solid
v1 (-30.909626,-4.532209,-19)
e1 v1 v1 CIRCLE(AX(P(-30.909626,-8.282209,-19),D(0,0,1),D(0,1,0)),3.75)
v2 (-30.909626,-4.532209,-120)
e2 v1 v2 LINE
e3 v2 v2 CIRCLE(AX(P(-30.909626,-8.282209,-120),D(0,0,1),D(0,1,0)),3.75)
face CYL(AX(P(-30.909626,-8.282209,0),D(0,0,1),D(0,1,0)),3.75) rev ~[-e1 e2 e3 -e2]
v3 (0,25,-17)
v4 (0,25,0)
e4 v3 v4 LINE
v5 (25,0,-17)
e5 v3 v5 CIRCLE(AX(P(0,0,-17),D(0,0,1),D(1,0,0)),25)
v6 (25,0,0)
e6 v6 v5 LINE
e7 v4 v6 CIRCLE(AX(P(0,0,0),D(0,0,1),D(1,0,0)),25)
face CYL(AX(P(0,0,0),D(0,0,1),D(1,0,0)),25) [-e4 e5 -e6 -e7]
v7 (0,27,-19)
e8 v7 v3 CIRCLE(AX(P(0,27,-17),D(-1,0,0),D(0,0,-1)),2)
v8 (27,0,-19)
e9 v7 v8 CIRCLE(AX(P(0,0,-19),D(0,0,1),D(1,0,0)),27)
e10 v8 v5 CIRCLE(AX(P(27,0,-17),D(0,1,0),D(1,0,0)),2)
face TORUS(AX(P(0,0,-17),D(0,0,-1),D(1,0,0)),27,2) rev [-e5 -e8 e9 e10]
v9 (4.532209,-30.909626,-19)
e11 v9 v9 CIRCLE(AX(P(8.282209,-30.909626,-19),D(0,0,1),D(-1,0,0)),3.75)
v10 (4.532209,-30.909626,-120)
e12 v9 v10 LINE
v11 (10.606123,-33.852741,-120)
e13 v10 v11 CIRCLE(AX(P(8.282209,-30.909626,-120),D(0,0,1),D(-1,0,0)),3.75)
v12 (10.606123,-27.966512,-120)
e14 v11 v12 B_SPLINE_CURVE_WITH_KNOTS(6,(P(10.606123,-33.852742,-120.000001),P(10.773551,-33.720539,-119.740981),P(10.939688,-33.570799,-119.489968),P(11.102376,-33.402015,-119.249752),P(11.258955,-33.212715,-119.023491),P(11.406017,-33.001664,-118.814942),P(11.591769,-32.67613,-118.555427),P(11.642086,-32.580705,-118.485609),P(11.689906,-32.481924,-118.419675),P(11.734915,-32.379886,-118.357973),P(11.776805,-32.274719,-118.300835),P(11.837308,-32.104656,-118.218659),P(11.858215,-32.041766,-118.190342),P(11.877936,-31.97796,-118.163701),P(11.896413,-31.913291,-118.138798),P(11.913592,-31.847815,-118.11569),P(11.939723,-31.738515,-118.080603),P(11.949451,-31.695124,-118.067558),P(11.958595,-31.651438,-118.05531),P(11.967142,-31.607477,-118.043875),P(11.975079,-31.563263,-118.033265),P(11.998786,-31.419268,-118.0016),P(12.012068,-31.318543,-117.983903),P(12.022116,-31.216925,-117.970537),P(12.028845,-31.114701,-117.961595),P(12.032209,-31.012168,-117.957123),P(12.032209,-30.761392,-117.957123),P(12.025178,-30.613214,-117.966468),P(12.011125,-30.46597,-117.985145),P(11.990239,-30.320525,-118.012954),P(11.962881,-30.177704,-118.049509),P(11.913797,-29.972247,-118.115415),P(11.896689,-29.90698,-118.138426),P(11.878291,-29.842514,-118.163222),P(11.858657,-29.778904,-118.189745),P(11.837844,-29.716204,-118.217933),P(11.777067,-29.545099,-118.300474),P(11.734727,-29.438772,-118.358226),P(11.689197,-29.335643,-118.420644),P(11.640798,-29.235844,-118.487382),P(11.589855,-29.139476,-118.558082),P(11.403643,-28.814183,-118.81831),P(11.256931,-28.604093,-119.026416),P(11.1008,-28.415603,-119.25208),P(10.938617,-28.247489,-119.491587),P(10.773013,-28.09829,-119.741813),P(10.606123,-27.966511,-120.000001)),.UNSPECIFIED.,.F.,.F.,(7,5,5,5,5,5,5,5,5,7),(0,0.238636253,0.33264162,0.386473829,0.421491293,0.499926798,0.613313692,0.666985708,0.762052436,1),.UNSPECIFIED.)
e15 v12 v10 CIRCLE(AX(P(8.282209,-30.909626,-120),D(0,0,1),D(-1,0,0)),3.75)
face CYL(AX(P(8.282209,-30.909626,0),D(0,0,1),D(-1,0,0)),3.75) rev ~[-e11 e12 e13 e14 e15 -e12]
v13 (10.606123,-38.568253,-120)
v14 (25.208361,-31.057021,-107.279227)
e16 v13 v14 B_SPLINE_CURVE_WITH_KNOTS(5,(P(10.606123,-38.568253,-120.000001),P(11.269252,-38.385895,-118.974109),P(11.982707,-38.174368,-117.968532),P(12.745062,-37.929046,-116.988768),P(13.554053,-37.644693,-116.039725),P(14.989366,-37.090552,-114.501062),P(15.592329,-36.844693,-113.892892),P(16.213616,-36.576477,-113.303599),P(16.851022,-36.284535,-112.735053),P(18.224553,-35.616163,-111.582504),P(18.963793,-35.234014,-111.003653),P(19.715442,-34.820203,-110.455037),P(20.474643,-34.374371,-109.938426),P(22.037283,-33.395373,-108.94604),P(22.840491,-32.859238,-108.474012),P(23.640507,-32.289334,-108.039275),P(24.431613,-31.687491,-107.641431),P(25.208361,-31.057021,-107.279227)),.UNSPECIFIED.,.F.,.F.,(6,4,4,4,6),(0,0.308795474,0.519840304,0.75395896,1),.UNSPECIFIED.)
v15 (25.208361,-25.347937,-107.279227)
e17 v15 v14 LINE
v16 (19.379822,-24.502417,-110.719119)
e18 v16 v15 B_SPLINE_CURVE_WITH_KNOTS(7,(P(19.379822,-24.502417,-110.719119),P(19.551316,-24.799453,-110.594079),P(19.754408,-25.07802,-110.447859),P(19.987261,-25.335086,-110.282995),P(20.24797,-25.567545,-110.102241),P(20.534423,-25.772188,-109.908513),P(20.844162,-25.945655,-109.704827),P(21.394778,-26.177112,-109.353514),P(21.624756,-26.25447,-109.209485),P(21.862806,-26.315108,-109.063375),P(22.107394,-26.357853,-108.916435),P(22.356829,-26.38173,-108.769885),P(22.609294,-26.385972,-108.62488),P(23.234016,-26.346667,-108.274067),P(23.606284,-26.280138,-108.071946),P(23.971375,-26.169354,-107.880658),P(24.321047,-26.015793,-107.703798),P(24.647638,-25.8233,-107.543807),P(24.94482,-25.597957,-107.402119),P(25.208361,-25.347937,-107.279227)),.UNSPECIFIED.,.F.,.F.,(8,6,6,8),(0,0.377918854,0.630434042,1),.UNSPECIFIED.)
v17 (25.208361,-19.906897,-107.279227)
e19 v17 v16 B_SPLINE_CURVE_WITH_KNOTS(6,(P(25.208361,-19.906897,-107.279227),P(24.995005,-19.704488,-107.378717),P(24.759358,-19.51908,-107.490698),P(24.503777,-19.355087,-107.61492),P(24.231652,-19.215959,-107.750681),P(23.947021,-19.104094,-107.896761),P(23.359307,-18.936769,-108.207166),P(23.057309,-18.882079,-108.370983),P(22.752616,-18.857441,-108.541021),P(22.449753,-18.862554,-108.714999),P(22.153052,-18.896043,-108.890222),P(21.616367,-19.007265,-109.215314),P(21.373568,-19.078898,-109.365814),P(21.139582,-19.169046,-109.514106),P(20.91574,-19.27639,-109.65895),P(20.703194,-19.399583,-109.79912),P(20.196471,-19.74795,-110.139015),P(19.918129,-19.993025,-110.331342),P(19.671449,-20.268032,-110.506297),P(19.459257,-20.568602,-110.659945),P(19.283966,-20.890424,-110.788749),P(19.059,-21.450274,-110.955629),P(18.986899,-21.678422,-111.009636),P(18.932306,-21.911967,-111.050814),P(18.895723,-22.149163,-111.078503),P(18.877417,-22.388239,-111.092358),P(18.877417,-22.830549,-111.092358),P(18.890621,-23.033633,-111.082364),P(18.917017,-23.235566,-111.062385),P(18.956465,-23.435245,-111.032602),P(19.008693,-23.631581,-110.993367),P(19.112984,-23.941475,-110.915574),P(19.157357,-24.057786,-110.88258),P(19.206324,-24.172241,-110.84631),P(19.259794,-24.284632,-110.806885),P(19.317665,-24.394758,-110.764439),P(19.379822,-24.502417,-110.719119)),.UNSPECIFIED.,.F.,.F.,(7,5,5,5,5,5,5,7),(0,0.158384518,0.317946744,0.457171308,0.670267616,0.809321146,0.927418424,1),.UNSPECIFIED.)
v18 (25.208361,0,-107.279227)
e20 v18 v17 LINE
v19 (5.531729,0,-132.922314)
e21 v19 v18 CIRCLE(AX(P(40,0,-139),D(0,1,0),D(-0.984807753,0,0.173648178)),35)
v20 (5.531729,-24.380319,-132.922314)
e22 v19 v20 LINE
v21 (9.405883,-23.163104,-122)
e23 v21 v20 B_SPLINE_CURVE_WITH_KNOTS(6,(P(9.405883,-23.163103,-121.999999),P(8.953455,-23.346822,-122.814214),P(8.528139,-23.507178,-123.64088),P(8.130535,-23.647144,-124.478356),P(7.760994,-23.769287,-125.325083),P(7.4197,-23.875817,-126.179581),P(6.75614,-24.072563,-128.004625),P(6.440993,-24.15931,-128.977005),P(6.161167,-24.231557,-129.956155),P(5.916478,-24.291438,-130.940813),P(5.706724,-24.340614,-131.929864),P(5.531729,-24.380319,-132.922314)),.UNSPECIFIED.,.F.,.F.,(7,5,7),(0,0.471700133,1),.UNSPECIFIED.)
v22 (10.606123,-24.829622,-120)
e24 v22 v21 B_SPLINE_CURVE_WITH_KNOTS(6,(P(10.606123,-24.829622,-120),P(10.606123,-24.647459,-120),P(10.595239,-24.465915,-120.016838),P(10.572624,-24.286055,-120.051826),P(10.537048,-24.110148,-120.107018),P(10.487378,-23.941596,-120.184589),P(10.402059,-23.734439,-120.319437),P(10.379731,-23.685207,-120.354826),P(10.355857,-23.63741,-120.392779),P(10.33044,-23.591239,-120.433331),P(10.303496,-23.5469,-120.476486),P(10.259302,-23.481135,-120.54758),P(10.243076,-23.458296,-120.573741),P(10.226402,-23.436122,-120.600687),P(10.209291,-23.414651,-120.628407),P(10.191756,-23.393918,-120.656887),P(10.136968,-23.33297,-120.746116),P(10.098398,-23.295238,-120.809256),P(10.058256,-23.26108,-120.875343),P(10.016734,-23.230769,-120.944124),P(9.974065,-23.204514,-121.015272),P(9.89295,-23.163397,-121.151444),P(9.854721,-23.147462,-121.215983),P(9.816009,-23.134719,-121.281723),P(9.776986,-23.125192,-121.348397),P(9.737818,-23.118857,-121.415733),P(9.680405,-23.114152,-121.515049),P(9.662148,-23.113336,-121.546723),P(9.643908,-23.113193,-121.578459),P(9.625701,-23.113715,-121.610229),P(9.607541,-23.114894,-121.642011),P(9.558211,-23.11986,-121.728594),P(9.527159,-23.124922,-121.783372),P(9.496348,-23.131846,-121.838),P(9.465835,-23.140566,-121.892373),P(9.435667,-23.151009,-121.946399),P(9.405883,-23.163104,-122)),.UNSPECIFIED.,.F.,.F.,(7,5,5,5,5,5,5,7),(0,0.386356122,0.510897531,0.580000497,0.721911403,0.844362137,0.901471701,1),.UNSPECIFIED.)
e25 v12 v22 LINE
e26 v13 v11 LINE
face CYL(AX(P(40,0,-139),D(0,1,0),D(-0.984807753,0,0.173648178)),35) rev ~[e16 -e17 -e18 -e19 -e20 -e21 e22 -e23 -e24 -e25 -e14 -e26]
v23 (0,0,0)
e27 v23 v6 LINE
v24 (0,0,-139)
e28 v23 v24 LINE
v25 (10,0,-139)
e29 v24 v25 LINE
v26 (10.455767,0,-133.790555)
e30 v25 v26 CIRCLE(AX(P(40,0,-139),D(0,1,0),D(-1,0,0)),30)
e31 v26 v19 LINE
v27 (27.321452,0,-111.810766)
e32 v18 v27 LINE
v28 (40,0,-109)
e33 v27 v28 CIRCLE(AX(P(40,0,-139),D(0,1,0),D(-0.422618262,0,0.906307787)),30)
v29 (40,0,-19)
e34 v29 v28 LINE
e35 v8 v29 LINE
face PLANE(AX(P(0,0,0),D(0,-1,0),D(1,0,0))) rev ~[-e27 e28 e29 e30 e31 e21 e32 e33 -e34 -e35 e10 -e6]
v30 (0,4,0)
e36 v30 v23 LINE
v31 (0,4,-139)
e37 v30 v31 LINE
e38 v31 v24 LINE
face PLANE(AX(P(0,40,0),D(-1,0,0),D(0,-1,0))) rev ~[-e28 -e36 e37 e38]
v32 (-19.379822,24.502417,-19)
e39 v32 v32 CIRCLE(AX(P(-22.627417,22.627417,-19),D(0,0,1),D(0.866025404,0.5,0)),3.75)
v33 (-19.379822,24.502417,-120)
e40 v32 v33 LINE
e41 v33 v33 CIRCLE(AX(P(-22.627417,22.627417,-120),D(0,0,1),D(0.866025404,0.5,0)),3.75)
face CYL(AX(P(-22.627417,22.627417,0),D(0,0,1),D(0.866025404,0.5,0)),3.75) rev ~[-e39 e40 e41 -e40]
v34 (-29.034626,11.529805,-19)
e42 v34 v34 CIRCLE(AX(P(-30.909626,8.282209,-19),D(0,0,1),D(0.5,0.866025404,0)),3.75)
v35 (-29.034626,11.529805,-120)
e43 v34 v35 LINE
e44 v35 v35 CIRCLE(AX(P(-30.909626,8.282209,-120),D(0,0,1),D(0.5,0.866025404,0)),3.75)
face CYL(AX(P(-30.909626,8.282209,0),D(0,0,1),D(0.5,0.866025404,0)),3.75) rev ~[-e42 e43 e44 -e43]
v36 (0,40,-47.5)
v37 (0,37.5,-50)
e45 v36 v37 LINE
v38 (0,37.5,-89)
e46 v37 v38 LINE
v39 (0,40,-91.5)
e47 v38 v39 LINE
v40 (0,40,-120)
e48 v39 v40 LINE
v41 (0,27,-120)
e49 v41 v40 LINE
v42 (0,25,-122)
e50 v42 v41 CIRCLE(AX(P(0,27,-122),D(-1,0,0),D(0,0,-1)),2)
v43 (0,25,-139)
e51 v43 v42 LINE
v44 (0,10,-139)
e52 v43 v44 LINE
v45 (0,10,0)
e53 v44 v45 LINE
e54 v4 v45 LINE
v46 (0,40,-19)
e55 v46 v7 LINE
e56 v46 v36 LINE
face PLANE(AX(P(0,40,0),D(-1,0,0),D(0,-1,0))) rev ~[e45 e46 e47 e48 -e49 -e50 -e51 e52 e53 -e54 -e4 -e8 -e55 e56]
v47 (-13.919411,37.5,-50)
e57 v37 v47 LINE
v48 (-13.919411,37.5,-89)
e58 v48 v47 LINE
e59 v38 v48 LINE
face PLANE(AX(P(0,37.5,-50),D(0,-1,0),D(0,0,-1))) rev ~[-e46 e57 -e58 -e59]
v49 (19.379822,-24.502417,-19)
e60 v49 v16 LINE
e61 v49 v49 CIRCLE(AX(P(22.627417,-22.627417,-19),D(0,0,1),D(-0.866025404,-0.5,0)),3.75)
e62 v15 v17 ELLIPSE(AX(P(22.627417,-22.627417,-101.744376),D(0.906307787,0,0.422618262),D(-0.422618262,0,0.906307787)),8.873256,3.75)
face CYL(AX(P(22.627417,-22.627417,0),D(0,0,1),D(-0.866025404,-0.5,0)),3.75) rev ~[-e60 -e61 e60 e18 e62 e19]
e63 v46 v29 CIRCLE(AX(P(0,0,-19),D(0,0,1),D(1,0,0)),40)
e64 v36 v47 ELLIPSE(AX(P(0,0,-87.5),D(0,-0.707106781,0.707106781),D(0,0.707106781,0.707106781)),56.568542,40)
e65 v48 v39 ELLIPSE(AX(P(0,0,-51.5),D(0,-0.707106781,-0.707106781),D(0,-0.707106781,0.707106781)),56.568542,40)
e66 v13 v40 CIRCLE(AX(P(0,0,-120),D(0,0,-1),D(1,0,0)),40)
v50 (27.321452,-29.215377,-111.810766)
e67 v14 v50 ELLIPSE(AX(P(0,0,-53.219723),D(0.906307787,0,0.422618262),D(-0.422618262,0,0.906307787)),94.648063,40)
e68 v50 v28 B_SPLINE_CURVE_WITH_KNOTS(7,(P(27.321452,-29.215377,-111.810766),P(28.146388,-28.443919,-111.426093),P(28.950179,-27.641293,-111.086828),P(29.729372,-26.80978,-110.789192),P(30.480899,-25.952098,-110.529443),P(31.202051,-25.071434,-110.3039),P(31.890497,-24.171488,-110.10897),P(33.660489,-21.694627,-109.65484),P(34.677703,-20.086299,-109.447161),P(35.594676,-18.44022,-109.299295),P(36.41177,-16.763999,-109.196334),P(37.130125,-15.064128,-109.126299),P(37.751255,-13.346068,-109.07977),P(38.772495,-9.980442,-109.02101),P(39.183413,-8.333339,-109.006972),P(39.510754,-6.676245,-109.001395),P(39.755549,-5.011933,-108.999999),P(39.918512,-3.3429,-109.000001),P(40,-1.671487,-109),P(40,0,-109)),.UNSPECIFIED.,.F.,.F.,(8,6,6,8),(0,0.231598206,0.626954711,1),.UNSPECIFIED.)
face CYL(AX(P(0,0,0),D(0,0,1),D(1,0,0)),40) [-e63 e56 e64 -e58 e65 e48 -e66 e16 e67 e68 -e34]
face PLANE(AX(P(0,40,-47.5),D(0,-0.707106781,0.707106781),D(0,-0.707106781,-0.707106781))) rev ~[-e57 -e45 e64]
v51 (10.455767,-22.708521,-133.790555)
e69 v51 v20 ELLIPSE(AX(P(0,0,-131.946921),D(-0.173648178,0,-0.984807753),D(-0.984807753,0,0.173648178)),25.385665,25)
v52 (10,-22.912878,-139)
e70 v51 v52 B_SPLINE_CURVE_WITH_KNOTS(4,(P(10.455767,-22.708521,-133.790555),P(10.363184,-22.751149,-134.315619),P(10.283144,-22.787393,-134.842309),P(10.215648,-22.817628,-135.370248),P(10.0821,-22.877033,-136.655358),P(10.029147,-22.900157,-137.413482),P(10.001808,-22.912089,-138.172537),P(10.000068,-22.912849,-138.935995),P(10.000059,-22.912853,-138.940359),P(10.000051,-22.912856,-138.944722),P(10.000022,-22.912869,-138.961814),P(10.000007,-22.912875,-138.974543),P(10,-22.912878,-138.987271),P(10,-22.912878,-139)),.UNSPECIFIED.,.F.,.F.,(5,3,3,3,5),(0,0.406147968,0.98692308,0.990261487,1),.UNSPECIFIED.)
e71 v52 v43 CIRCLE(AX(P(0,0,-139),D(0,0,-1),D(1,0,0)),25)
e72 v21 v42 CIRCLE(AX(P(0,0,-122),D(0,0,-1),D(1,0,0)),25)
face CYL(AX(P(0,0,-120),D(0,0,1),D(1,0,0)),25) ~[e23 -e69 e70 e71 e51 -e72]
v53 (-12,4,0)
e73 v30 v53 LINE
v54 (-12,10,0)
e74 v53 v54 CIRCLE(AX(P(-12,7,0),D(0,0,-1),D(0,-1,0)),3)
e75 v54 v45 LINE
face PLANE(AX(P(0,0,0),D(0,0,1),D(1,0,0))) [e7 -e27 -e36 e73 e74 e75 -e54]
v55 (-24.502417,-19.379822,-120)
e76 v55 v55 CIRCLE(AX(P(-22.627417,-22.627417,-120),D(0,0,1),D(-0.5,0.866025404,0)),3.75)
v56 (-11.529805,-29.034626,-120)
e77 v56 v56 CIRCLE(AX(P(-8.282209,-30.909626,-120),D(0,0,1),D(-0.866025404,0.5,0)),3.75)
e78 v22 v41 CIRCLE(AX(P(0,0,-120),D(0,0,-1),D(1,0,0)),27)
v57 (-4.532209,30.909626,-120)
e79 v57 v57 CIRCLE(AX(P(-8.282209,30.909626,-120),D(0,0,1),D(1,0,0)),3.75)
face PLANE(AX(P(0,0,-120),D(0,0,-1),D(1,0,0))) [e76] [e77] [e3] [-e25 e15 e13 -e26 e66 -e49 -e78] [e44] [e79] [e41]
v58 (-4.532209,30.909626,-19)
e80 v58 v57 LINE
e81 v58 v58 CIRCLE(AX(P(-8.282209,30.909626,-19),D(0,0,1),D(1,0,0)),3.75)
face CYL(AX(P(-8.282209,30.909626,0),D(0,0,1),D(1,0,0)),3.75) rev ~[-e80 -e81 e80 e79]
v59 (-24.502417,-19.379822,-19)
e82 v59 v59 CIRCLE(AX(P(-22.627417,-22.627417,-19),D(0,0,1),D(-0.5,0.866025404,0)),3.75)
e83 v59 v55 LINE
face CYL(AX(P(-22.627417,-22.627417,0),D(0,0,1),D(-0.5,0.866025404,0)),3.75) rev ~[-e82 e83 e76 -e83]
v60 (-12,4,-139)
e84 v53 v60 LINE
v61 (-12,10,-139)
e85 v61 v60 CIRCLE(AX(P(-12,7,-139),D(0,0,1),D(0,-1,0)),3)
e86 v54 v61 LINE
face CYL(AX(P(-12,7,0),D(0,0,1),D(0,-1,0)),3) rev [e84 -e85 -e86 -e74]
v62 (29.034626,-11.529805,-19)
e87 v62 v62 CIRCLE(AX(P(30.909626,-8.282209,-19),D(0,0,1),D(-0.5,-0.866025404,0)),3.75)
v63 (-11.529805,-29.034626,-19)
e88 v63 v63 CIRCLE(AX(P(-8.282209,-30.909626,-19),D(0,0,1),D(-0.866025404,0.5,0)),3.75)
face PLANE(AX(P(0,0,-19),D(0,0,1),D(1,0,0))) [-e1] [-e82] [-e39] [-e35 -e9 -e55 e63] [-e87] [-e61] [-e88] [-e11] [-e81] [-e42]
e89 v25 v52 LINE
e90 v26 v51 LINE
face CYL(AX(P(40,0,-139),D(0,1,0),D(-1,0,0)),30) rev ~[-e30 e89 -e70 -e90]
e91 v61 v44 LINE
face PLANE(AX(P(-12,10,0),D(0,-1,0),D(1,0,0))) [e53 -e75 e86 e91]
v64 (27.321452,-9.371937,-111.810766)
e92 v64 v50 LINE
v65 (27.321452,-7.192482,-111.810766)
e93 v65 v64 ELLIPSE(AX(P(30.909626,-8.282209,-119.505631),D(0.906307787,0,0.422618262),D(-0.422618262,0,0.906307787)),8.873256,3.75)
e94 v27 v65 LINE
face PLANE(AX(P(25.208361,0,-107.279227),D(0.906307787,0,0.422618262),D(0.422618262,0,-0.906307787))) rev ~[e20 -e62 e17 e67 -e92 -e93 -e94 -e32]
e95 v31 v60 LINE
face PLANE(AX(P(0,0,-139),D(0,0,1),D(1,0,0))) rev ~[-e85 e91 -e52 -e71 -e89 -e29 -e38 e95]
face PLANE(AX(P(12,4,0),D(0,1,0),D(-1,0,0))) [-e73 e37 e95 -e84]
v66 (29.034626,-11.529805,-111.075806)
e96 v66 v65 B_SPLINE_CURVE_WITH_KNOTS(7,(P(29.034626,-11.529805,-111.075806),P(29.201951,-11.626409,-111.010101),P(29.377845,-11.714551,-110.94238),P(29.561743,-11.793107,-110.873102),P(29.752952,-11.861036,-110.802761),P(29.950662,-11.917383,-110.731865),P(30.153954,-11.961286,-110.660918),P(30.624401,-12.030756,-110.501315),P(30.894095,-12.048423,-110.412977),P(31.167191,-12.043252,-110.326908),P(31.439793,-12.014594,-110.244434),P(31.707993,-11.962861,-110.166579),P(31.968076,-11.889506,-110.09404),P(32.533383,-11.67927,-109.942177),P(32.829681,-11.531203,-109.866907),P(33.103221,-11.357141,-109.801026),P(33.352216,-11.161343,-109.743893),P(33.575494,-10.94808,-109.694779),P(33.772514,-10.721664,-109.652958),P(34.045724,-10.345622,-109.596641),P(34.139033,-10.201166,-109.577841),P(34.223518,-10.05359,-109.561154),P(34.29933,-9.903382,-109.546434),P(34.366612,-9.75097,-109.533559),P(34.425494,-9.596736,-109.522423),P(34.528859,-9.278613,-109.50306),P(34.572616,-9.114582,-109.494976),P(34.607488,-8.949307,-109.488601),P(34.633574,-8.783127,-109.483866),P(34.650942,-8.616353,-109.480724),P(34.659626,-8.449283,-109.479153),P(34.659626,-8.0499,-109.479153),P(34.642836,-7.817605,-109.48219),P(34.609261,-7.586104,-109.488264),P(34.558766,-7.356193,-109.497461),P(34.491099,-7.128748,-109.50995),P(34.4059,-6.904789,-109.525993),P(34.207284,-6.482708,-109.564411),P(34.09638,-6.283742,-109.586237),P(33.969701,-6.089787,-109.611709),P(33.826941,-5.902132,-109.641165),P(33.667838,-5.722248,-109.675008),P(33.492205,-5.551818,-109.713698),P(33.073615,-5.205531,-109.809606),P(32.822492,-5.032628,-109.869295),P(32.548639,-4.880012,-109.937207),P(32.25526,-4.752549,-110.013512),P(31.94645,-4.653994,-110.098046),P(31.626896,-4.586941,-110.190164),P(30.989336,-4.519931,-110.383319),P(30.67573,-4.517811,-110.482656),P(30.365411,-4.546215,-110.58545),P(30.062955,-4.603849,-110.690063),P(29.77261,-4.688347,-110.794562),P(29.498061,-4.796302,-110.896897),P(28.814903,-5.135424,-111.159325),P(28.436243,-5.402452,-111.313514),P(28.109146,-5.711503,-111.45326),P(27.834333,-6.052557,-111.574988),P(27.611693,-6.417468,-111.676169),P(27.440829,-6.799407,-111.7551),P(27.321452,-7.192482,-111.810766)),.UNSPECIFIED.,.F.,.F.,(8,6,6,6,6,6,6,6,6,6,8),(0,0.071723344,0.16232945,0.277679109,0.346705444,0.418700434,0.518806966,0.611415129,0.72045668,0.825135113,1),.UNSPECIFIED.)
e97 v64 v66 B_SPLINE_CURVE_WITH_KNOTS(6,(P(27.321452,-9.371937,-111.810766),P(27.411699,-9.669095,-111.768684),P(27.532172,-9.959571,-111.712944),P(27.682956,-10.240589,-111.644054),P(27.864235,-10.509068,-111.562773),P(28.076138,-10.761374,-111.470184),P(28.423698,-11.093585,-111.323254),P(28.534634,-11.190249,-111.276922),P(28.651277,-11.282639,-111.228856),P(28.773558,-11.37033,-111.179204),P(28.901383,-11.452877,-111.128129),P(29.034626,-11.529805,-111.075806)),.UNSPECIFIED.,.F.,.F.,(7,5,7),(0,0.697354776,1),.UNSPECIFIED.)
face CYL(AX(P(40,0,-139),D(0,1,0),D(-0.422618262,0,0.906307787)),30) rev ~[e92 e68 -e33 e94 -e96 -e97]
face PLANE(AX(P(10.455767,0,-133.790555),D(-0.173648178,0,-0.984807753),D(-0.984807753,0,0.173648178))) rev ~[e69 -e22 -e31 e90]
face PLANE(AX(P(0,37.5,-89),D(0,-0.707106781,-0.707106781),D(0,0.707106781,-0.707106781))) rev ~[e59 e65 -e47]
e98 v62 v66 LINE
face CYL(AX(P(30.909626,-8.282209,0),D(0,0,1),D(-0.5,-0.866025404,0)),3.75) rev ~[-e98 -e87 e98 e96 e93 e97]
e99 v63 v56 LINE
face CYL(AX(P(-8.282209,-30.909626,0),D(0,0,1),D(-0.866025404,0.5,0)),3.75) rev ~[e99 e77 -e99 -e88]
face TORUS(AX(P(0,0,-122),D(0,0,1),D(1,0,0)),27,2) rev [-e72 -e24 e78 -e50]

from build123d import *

# Parameters (mm, degrees)
SKETCH1_R           = 40
BOSS_EXTRUDE1_DEPTH = 139
SKETCH2_R           = 40
SKETCH2_R_2         = 25
CUT_EXTRUDE1_DEPTH  = 19
CUT_EXTRUDE2_START  = -19
SKETCH3_R           = 40
SKETCH3_R_2         = 25
CUT_EXTRUDE2_DEPTH  = 19
FILLET1_R           = 2
CUT_EXTRUDE7_DEPTH  = 151.069983674
CUT_EXTRUDE8_DEPTH  = 151.069983674
CUT_EXTRUDE9_DEPTH  = 151.069983674
SKETCH8_R           = 3.75
CUT_EXTRUDE10_DEPTH = 151.069983674
CIRPATTERN1_COUNT   = 12
CUT_EXTRUDE14_DEPTH = 151.069983674


with BuildPart() as part:
    # Sketch1 → Boss-Extrude1 (new body)
    with BuildSketch(Plane.XY):
        Circle(SKETCH1_R)
    extrude(amount=-BOSS_EXTRUDE1_DEPTH)

    # Sketch2 → Cut-Extrude1 (cut)
    with BuildSketch(Plane.XY):
        Circle(SKETCH2_R)
        Circle(SKETCH2_R_2, mode=Mode.SUBTRACT)
    extrude(amount=-CUT_EXTRUDE1_DEPTH, mode=Mode.SUBTRACT)

    # Sketch3 → Cut-Extrude2 (cut)
    with BuildSketch(Plane(origin=(0, 0, -139), x_dir=(-1, 0, 0), z_dir=(0, 0, -1)).offset(CUT_EXTRUDE2_START)):
        with Locations(Location((0, 0, 0), (0, 0, 180))):
            Circle(SKETCH3_R)
        with Locations(Location((0, 0, 0), (0, 0, 180))):
            Circle(SKETCH3_R_2, mode=Mode.SUBTRACT)
    extrude(amount=CUT_EXTRUDE2_DEPTH, mode=Mode.SUBTRACT)

    # Fillet1
    fillet1_edges = [part.edges().sort_by_distance(p)[0] for p in [
        (-25, 0, -120),
        (-25, 0, -19),
    ]]
    fillet(fillet1_edges, radius=FILLET1_R)

    # Sketch5 → Cut-Extrude7 (cut, through all)
    with BuildSketch(Plane.XY):
        Polygon((0, 40), (0, 0), (40, 0), align=None)
    extrude(amount=-CUT_EXTRUDE7_DEPTH, mode=Mode.SUBTRACT)


with BuildPart() as body_2:
    # of the pieces the cut leaves, the one that is kept (cut_extrude7_keep)
    add(part.part.solids().sort_by_distance((27, 0, -120))[0])

    # Sketch6 → Cut-Extrude8 (cut, through all)
    with BuildSketch(Plane.XY):
        with BuildLine():
            Line((12, 4), (-12, 4))
            ThreePointArc((-12, 4), (-15, 7), (-12, 10))
            Line((-12, 10), (12, 10))
            ThreePointArc((12, 10), (15, 7), (12, 4))
        make_face()
    extrude(amount=-CUT_EXTRUDE8_DEPTH, mode=Mode.SUBTRACT)

    # Sketch7 → Cut-Extrude9 (cut, through all)
    with BuildSketch(Plane(origin=(0, 0, 0), x_dir=(0, 0, -1), z_dir=(1, 0, 0))):
        Polygon((91.5, 40), (47.5, 40), (50, 37.5), (89, 37.5), align=None)
    extrude(amount=-CUT_EXTRUDE9_DEPTH, mode=Mode.SUBTRACT)

    # Sketch8 → Cut-Extrude10 (cut, through all)
    with BuildSketch(Plane.XY):
        with Locations((-8.282209443, 30.909626441)):
            Circle(SKETCH8_R)
    cut_extrude10 = extrude(amount=-CUT_EXTRUDE10_DEPTH, mode=Mode.SUBTRACT)

    # CirPattern1: Cut-Extrude10 ×12 about axis
    cirpattern1_axis = Axis((0, 0, -19), (0, 0, 1))
    for i in range(1, CIRPATTERN1_COUNT):
        add(cut_extrude10.rotate(cirpattern1_axis, i * 360 / CIRPATTERN1_COUNT), mode=Mode.SUBTRACT)

    # Sketch9 → Cut-Extrude14 (cut, through all)
    with BuildSketch(Plane(origin=(0, 0, 0), x_dir=(1, 0, 0), z_dir=(0, 1, 0))):
        with BuildLine():
            Line((40, 139), (10, 139))
            ThreePointArc((10, 139), (10.114159057, 136.385327718), (10.45576741, 133.79055467))
            Line((10.45576741, 133.79055467), (40, 139))
        make_face()
        with BuildLine():
            Line((40, 109), (40, 139))
            Line((40, 139), (27.321452148, 111.810766389))
            ThreePointArc((27.321452148, 111.810766389), (33.506811582, 109.711119786), (40, 109))
        make_face()
        with BuildLine():
            Line((27.321452148, 111.810766389), (40, 139))
            Line((40, 139), (10.45576741, 133.79055467))
            ThreePointArc((10.45576741, 133.79055467), (16.199399791, 120.73715713), (27.321452148, 111.810766389))
        make_face()
        with BuildLine():
            ThreePointArc((27.321452148, 111.810766389), (16.199399791, 120.73715713), (10.45576741, 133.79055467))
            Line((10.45576741, 133.79055467), (5.531728645, 132.922313782))
            ThreePointArc((5.531728645, 132.922313782), (12.23263309, 117.693349985), (25.208360839, 107.279227454))
            Line((25.208360839, 107.279227454), (27.321452148, 111.810766389))
        make_face()
    extrude(amount=-CUT_EXTRUDE14_DEPTH, mode=Mode.SUBTRACT)


solid = body_2.part
